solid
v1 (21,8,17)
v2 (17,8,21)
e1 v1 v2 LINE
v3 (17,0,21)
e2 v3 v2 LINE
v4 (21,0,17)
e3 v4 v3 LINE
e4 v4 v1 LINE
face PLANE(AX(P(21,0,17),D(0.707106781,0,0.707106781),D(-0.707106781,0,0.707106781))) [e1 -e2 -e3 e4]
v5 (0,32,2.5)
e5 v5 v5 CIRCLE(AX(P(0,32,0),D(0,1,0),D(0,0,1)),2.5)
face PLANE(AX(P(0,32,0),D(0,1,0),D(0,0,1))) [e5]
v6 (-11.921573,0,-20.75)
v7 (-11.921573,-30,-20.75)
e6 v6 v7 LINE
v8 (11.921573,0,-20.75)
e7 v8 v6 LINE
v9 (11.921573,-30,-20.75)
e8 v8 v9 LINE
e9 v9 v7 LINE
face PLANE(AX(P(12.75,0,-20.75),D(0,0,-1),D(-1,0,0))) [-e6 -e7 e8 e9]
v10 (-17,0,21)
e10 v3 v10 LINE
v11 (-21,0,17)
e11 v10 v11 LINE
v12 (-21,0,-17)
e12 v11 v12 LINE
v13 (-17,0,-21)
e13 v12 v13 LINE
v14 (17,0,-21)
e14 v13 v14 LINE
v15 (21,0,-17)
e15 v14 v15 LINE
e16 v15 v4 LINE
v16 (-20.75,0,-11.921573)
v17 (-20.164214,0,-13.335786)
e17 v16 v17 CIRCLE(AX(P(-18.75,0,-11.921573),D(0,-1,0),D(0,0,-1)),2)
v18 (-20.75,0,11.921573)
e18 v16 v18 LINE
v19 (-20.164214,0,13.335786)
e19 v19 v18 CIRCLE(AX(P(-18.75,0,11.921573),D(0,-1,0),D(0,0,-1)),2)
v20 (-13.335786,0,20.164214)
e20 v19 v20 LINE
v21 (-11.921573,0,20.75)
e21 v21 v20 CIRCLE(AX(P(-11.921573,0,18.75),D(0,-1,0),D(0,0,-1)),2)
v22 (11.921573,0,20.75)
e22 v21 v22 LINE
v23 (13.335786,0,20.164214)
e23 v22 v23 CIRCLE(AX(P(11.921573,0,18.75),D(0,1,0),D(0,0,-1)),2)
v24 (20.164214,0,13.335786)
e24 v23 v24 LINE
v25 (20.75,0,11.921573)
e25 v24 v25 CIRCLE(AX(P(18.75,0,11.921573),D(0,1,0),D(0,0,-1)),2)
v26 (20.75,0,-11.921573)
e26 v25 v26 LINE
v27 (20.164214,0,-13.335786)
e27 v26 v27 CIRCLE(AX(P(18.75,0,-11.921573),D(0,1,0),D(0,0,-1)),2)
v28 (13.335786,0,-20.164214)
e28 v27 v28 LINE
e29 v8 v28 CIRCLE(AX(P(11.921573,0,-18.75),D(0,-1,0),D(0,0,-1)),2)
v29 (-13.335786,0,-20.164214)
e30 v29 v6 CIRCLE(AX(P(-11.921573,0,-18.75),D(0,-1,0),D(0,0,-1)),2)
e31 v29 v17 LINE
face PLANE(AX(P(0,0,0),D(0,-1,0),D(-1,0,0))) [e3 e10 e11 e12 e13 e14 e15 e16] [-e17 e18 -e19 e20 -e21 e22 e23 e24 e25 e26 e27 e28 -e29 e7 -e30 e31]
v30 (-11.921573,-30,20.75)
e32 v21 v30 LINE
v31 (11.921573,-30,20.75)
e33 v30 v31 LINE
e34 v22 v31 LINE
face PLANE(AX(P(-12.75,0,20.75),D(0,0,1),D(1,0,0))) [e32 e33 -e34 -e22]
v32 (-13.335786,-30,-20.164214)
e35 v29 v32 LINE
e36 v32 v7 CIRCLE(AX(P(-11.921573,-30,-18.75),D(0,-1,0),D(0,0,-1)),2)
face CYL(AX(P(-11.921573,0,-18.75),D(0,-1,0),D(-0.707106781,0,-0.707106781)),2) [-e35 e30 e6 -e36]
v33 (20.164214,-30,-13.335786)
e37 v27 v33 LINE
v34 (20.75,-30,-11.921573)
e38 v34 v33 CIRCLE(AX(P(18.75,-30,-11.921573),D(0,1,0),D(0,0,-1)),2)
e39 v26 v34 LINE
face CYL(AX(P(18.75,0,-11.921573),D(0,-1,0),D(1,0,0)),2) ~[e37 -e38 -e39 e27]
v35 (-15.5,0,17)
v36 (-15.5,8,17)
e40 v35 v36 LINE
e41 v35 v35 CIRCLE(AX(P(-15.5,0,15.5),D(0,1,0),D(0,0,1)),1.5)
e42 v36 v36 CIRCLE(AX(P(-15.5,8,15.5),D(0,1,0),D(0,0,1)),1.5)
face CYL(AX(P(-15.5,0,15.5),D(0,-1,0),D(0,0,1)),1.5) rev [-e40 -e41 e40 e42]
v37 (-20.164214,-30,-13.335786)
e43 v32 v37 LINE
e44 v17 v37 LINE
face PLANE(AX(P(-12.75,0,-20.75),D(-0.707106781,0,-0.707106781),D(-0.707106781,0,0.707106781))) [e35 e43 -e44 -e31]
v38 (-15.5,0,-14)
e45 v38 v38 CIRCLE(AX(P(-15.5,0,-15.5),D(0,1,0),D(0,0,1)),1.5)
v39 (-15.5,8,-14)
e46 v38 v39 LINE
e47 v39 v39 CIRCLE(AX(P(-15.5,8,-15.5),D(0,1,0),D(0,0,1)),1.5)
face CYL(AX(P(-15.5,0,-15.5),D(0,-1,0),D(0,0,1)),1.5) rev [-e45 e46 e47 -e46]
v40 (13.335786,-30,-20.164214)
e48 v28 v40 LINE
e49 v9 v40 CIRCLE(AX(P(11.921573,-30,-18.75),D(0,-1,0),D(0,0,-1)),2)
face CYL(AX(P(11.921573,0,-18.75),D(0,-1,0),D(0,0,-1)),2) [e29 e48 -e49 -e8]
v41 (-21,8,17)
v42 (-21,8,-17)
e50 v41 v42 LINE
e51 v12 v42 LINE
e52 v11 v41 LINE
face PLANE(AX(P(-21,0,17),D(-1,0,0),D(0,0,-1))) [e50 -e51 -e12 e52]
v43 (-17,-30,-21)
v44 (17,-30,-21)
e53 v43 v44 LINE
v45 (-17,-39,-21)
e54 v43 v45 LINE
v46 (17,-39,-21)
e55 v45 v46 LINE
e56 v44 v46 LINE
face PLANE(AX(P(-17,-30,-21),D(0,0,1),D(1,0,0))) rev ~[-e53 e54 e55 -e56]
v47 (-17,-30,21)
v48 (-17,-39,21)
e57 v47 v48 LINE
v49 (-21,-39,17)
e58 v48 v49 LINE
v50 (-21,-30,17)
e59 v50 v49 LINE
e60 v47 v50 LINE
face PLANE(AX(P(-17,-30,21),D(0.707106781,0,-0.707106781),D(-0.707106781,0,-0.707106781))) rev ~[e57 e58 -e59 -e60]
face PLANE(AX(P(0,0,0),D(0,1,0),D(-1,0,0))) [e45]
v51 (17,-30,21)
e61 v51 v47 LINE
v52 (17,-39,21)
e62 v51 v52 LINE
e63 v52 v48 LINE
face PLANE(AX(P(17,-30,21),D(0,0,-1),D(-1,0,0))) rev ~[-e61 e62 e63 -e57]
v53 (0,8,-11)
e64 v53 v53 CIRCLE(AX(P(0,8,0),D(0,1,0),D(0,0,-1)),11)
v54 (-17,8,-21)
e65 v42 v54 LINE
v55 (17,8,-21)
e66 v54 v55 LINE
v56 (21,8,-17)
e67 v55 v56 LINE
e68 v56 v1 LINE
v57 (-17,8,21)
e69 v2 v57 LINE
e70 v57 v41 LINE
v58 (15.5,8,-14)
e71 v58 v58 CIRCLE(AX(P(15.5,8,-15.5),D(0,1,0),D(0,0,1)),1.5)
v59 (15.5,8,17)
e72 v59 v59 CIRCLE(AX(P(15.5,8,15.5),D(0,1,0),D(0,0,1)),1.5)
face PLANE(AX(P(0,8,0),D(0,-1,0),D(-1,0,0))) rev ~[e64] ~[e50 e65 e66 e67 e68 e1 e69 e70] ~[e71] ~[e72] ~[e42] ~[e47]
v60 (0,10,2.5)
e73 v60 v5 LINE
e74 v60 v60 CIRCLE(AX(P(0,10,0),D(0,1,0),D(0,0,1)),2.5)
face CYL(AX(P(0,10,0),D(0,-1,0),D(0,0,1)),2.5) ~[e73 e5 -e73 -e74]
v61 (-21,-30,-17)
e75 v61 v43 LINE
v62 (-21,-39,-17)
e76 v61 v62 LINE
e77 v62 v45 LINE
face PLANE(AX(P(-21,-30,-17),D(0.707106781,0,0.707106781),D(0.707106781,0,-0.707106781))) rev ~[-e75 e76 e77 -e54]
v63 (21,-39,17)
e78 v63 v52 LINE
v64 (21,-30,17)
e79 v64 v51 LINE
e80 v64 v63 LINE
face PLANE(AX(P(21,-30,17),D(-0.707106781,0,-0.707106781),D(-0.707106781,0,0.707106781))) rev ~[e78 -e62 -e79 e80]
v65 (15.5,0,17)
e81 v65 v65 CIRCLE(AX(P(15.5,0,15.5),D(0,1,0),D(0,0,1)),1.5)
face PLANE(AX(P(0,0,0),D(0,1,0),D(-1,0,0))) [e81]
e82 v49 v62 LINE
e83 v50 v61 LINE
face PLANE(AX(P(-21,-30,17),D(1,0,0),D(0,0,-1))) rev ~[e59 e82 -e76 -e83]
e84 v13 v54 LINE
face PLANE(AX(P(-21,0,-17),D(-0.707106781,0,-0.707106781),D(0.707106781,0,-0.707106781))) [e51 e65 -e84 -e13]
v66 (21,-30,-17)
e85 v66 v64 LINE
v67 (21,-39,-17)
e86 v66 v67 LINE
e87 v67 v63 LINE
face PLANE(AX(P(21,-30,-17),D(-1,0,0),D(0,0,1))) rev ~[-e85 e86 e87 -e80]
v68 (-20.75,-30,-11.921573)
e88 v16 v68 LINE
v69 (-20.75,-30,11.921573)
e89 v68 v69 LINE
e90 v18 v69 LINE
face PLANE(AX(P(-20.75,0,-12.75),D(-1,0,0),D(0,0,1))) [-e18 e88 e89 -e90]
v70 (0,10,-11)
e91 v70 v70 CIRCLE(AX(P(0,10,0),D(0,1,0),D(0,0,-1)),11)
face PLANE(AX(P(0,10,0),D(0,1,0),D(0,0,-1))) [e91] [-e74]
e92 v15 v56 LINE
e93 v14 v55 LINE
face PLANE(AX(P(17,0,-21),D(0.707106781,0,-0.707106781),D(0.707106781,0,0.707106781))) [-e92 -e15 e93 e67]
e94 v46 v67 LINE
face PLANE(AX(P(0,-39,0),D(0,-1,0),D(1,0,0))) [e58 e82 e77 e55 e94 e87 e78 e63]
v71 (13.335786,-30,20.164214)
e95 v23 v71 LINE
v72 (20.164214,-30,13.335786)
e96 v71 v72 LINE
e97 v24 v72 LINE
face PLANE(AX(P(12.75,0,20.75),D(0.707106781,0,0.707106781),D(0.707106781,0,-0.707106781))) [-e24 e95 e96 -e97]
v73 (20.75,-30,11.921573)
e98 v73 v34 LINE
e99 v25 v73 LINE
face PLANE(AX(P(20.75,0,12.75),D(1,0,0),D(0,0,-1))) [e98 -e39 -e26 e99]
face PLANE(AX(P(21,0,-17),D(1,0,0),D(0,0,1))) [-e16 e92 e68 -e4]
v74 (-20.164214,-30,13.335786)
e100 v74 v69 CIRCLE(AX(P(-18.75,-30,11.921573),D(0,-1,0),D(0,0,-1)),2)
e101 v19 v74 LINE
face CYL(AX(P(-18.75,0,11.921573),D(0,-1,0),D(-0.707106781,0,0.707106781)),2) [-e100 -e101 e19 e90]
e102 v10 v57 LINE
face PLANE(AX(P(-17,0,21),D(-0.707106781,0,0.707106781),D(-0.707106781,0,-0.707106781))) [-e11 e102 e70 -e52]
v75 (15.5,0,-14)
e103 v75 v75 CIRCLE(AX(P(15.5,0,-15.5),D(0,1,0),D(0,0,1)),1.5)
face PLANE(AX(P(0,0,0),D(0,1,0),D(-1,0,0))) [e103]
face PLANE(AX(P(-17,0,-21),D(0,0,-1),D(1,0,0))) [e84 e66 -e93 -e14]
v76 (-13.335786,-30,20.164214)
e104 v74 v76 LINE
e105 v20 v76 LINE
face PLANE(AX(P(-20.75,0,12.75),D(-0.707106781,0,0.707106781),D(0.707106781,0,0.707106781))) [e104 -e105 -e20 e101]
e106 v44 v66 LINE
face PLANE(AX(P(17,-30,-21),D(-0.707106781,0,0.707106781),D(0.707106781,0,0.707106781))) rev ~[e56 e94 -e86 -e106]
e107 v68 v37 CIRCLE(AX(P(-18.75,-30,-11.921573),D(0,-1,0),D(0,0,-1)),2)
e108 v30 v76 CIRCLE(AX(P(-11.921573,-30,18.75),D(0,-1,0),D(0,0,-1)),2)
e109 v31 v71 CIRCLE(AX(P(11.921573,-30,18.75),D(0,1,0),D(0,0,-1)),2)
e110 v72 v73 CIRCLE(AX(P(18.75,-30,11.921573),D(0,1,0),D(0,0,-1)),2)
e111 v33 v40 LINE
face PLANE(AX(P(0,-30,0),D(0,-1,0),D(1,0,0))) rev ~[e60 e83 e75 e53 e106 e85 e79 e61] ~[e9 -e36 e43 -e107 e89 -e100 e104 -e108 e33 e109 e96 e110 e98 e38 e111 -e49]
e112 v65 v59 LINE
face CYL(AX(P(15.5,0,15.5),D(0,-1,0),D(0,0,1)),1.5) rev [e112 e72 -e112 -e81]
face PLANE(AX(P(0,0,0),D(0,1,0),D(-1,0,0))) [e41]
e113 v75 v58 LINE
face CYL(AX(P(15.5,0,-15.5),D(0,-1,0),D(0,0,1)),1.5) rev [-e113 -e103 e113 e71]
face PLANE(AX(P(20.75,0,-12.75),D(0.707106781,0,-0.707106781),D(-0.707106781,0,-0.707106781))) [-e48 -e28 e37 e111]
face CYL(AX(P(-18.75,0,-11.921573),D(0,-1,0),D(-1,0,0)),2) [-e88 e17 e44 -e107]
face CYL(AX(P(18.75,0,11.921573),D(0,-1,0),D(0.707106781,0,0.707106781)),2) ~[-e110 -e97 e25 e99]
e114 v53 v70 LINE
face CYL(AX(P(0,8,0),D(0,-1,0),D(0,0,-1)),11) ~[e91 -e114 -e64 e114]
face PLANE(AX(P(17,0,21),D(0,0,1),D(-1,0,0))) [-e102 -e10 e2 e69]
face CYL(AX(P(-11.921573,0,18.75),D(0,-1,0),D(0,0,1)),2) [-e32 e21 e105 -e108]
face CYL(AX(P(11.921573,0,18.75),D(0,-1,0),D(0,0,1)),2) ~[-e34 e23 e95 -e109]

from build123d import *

# Parameters (mm, degrees)
SKETCH1_R           = 1.5
BOSS_EXTRUDE1_DEPTH = 8
BOSS_EXTRUDE2_DEPTH = 30
FILLET1_R           = 2
BOSS_EXTRUDE3_DEPTH = 9
SKETCH4_R           = 11
BOSS_EXTRUDE4_DEPTH = 2
SKETCH5_R           = 2.5
BOSS_EXTRUDE5_DEPTH = 22


with BuildPart() as part:
    # Sketch1 → Boss-Extrude1 (new body)
    with BuildSketch(Plane(origin=(0, 0, 0), x_dir=(1, 0, 0), z_dir=(0, 1, 0))):
        Polygon((-17, 21), (17, 21), (21, 17), (21, -17), (17, -21), (-17, -21), (-21, -17), (-21, 17), align=None)
        with Locations(Location((-15.5, 15.5, 0), (0, 0, 270))):
            Circle(SKETCH1_R, mode=Mode.SUBTRACT)
        with Locations(Location((-15.5, -15.5, 0), (0, 0, 270))):
            Circle(SKETCH1_R, mode=Mode.SUBTRACT)
        with Locations(Location((15.5, -15.5, 0), (0, 0, 270))):
            Circle(SKETCH1_R, mode=Mode.SUBTRACT)
        with Locations(Location((15.5, 15.5, 0), (0, 0, 270))):
            Circle(SKETCH1_R, mode=Mode.SUBTRACT)
    extrude(amount=BOSS_EXTRUDE1_DEPTH)

    # Sketch2 → Boss-Extrude2 (add)
    with BuildSketch(Plane.XZ):
        Polygon((-12.75, 20.75), (12.75, 20.75), (20.75, 12.75), (20.75, -12.75), (12.75, -20.75), (-12.75, -20.75), (-20.75, -12.75), (-20.75, 12.75), align=None)
    extrude(amount=BOSS_EXTRUDE2_DEPTH)

    # Fillet1
    fillet1_edges = [part.edges().sort_by_distance(p)[0] for p in [
        (20.75, -15, 12.75),
        (12.75, -15, 20.75),
        (-12.75, -15, 20.75),
        (-20.75, -15, 12.75),
        (-20.75, -15, -12.75),
        (-12.75, -15, -20.75),
        (12.75, -15, -20.75),
        (20.75, -15, -12.75),
    ]]
    fillet(fillet1_edges, radius=FILLET1_R)

    # Sketch3 → Boss-Extrude3 (add)
    with BuildSketch(Plane.XZ.offset(30)):
        Polygon((-21, 17), (-21, -17), (-17, -21), (17, -21), (21, -17), (21, 17), (17, 21), (-17, 21), align=None)
    extrude(amount=BOSS_EXTRUDE3_DEPTH)

    # Sketch4 → Boss-Extrude4 (add)
    with BuildSketch(Plane(origin=(0, 8, 0), x_dir=(1, 0, 0), z_dir=(0, 1, 0))):
        with Locations(Location((0, 0, 0), (0, 0, 90))):
            Circle(SKETCH4_R)
    extrude(amount=BOSS_EXTRUDE4_DEPTH)

    # Sketch5 → Boss-Extrude5 (add)
    with BuildSketch(Plane(origin=(0, 10, 0), x_dir=(1, 0, 0), z_dir=(0, 1, 0))):
        with Locations(Location((0, 0, 0), (0, 0, 270))):
            Circle(SKETCH5_R)
    extrude(amount=BOSS_EXTRUDE5_DEPTH)


solid = part.part
